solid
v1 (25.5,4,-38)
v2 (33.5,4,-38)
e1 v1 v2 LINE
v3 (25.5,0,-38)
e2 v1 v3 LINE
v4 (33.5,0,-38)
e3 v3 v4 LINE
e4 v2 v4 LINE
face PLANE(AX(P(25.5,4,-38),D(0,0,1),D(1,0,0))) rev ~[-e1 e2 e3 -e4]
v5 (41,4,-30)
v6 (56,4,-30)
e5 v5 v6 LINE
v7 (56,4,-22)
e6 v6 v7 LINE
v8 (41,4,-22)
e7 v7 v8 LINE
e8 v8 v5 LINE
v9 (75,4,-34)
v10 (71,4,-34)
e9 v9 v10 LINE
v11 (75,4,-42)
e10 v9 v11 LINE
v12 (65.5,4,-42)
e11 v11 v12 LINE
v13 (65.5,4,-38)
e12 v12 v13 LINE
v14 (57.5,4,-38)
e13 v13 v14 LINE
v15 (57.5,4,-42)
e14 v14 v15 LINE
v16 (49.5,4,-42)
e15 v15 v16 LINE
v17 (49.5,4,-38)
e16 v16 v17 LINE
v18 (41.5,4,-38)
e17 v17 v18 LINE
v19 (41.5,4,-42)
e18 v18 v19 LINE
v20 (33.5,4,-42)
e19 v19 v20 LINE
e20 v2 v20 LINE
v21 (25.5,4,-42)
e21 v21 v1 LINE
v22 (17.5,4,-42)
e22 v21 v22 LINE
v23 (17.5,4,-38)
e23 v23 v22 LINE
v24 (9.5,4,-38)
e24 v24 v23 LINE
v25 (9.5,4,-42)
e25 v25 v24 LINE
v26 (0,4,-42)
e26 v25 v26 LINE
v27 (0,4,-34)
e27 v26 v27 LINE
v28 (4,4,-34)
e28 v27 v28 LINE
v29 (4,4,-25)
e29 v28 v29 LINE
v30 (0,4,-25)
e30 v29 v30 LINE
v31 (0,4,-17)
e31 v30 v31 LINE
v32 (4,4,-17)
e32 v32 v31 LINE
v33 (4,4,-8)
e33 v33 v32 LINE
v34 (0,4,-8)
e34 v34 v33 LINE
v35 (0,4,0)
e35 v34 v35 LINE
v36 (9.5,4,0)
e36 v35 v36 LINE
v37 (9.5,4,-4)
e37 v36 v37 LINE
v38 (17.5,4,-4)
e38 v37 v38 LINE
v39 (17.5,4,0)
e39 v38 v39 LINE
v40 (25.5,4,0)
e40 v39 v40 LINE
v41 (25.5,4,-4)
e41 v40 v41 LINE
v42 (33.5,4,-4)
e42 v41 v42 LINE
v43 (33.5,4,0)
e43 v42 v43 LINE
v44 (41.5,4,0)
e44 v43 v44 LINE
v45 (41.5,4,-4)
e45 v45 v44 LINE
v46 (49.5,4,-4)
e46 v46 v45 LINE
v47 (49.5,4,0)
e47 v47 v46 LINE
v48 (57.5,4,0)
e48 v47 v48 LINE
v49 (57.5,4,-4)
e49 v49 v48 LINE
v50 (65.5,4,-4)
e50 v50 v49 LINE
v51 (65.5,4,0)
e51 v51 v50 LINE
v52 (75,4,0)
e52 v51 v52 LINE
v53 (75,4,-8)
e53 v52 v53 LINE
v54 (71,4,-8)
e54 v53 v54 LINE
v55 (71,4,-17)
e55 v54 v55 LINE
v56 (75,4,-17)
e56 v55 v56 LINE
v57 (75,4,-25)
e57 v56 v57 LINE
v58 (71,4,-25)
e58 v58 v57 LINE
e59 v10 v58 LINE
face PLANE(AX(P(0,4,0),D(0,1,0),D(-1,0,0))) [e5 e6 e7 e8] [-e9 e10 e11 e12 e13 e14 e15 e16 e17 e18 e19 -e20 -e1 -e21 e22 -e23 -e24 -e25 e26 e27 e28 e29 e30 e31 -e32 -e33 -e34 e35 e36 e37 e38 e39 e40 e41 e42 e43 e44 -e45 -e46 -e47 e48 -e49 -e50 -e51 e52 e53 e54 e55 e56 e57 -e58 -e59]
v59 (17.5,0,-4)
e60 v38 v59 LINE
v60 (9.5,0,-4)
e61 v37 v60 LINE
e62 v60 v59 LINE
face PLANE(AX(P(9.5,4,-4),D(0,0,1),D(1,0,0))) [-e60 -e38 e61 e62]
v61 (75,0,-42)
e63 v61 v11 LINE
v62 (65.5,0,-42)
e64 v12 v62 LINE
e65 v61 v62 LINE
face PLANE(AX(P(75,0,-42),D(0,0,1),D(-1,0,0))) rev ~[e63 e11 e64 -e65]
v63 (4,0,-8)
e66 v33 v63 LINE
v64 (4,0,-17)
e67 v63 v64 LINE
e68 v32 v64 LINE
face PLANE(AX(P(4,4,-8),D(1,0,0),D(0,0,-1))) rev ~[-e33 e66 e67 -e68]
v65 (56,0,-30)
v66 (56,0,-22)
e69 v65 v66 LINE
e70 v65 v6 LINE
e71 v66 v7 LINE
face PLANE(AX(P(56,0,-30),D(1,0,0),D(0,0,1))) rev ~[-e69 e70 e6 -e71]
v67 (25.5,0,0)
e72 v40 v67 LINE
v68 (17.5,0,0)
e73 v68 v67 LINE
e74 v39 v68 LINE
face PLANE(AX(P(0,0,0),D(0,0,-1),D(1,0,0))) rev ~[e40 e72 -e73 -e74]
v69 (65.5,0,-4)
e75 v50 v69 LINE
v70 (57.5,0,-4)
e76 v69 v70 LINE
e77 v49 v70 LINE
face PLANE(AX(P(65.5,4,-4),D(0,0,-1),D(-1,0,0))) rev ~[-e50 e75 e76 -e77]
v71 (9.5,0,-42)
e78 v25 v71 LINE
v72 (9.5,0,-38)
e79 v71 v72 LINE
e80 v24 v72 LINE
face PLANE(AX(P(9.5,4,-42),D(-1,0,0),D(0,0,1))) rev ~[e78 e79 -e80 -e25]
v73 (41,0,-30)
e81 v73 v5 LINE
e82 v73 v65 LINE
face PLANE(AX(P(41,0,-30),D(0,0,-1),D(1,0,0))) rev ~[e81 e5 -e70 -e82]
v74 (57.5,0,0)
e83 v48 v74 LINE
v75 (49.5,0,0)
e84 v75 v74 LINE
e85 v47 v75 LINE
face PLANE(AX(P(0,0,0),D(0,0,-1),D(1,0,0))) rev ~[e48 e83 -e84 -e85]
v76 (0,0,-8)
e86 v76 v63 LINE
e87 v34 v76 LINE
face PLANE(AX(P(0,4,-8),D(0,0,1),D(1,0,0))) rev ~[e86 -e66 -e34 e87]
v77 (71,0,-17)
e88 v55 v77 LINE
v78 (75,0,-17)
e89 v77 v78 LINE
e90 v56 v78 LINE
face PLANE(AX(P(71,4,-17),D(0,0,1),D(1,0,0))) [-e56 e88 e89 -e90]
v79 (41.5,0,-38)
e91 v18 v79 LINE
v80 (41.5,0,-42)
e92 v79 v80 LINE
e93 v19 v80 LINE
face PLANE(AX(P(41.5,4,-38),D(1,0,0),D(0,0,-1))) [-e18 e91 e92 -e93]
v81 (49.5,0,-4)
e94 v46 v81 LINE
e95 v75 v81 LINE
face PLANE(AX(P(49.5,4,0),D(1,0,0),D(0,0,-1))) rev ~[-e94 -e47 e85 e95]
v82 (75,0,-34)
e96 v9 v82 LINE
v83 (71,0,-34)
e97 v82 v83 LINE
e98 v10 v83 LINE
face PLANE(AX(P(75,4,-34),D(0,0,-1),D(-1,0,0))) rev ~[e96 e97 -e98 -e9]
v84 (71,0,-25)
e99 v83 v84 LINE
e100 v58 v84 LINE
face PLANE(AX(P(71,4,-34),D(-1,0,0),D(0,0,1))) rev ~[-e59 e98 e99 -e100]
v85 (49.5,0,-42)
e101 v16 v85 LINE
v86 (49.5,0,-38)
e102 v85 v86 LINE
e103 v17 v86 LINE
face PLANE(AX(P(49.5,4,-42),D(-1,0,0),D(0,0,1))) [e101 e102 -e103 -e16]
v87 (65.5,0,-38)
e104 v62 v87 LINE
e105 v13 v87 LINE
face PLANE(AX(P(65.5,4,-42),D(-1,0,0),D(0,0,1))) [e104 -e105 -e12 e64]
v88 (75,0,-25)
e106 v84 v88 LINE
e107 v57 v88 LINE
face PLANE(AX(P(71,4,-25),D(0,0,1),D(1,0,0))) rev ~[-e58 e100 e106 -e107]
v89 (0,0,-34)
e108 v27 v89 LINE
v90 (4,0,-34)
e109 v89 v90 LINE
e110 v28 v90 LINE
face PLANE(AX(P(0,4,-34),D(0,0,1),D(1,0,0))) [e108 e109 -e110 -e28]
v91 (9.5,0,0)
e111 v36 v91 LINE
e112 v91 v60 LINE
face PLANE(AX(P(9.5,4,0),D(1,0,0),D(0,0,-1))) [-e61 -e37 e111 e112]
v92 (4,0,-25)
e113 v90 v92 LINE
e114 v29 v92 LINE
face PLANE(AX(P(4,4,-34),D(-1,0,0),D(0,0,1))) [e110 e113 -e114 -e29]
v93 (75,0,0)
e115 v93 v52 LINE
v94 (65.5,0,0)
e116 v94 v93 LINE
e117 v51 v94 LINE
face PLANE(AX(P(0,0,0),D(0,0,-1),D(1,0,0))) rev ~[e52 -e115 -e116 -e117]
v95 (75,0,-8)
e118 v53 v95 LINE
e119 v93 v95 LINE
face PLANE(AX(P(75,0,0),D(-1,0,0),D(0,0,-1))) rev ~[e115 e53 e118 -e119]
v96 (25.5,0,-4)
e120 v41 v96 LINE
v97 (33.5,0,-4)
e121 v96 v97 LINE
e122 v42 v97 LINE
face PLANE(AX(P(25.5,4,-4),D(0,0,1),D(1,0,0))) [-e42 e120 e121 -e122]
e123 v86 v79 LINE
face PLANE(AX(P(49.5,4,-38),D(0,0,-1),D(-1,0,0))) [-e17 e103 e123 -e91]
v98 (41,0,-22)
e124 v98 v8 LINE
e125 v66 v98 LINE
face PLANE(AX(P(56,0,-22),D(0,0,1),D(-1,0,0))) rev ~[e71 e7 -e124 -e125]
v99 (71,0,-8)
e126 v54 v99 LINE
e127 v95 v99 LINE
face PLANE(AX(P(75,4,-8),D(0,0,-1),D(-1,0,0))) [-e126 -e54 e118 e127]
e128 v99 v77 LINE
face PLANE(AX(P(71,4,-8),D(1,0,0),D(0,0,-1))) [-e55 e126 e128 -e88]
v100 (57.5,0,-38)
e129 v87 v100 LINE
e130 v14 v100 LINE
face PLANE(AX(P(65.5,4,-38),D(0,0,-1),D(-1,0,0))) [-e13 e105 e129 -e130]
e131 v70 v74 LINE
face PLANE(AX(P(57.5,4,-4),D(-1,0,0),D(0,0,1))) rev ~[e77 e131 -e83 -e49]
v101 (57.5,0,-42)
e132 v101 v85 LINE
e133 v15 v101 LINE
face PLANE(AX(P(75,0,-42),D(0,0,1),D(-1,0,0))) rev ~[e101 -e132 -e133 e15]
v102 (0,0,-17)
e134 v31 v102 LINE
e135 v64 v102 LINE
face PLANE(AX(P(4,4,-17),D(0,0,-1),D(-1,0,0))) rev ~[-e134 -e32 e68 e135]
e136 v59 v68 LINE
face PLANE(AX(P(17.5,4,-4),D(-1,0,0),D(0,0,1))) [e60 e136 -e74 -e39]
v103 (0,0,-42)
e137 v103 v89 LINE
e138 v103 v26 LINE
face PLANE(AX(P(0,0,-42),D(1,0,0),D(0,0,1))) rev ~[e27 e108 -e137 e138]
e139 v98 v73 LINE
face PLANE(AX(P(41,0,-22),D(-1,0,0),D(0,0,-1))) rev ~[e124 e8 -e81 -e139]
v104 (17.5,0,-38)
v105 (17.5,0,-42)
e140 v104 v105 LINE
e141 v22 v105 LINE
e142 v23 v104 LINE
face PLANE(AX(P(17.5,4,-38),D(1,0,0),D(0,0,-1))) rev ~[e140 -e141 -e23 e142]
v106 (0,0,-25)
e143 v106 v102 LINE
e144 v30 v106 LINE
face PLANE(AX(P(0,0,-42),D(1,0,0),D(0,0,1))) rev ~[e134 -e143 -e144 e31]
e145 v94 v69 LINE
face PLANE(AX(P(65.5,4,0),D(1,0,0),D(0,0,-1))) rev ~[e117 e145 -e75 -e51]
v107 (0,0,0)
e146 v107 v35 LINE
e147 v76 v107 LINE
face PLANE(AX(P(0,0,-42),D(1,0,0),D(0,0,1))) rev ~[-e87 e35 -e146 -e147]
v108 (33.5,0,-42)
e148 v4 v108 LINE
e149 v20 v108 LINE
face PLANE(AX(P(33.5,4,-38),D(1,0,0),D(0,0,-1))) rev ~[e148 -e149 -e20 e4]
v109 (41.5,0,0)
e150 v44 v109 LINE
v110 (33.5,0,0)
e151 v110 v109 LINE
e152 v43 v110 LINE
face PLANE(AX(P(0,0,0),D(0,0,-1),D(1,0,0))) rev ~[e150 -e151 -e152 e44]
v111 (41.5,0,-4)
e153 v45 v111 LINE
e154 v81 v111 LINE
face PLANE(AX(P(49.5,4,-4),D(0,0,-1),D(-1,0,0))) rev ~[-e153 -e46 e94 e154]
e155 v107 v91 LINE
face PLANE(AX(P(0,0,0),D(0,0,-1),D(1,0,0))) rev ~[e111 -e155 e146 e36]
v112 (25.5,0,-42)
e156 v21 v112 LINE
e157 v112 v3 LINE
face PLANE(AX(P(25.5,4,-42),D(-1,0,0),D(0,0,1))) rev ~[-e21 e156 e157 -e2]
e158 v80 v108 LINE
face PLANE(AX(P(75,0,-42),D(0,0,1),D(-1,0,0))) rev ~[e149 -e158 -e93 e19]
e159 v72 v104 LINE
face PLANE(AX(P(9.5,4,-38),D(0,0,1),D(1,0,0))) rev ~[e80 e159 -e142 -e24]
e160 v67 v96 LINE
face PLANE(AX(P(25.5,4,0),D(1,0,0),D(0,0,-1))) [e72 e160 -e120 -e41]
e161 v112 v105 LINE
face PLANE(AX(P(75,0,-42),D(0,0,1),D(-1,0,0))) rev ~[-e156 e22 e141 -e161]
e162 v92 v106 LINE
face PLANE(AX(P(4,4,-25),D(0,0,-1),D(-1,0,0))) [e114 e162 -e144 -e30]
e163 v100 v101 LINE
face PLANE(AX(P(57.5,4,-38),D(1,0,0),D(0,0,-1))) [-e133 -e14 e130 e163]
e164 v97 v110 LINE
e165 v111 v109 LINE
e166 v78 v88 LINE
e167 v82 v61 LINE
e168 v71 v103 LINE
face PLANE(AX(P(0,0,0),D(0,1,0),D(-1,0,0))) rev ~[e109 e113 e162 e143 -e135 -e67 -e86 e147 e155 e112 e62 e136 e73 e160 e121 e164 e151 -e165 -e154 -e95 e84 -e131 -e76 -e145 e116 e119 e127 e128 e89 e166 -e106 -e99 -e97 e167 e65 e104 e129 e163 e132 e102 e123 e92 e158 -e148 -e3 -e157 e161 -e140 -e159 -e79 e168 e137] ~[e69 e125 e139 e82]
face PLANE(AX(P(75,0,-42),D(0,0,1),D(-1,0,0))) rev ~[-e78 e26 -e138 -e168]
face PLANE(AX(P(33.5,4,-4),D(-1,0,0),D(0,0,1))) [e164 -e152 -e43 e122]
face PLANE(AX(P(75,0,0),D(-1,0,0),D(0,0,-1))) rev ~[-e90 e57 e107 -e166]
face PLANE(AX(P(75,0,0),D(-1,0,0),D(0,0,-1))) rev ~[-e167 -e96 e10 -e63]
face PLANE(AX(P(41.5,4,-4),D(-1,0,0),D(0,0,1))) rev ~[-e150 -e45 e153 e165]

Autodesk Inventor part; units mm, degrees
ref_plane "YZ Plane" through (0, 0, 0) normal (1, 0, 0) x (0, 1, 0)
ref_plane "XZ Plane" through (0, 0, 0) normal (0, 1, 0) x (-1, 0, 0)
ref_plane "XY Plane" through (0, 0, 0) normal (0, 0, 1) x (1, 0, 0)
sketch "Sketch1" plane through (0, 0, 0) normal (0, 1, 0) x (-1, 0, 0)
  line L0 (0, 0) -> (-75, 0)
  line L1 (-75, 0) -> (-75, -42)
  line L2 (-75, -42) -> (0, -42)
  line L3 (0, -42) -> (0, 0)
  line L4 (-41, -30) -> (-56, -30)
  line L5 (-56, -30) -> (-56, -22)
  line L6 (-56, -22) -> (-41, -22)
  line L7 (-41, -22) -> (-41, -30)
  dimension "d0" = 75
  dimension "d1" = 42
  dimension "d21" = 15
  dimension "d22" = 19
  dimension "d23" = 8
  dimension "d24" = 22
extrude "Extrusion1" add sketch "Sketch1" along normal blind 4
sketch "Sketch2" plane through (0, 4, 0) normal (0, 1, 0) x (1, 0, 0)
  line L0 (0, 42) -> (0, 0) construction
  line L1 (75, 42) -> (0, 42) construction
  line L2 (75, 0) -> (75, 42) construction
  line L3 (0, 0) -> (75, 0) construction
  line L4 (4, 38) -> (4, 4) construction
  line L5 (4, 4) -> (71, 4) construction
  line L6 (71, 4) -> (71, 38) construction
  line L7 (71, 38) -> (4, 38) construction
  line L8 (0, 42) -> (0, 0) construction
  line L9 (0, 21) -> (75, 21) construction
  line L10 (37.5, 42) -> (37.5, 0) construction
  line L11 (0, 34) -> (4, 34)
  line L12 (4, 34) -> (4, 25)
  line L13 (4, 25) -> (0, 25)
  line L14 (0, 25) -> (0, 34)
  line L15 (75, 42) -> (0, 42) projected
  line L16 (9.5, 38) -> (17.5, 38)
  line L17 (17.5, 38) -> (17.5, 42)
  line L18 (17.5, 42) -> (9.5, 42)
  line L19 (9.5, 42) -> (9.5, 38)
  line L20 (25.5, 38) -> (33.5, 38)
  line L21 (33.5, 38) -> (33.5, 42)
  line L22 (33.5, 42) -> (25.5, 42)
  line L23 (25.5, 42) -> (25.5, 38)
  line L24 (75, 34) -> (71, 34)
  line L25 (71, 34) -> (71, 25)
  line L26 (71, 25) -> (75, 25)
  line L27 (75, 25) -> (75, 34)
  line L28 (65.5, 38) -> (57.5, 38)
  line L29 (57.5, 38) -> (57.5, 42)
  line L30 (57.5, 42) -> (65.5, 42)
  line L31 (65.5, 42) -> (65.5, 38)
  line L32 (49.5, 38) -> (41.5, 38)
  line L33 (41.5, 38) -> (41.5, 42)
  line L34 (41.5, 42) -> (49.5, 42)
  line L35 (49.5, 42) -> (49.5, 38)
  line L36 (75, 0) -> (0, 0) construction
  line L37 (71, 4) -> (4, 4) construction
  line L38 (0, 8) -> (4, 8)
  line L39 (4, 8) -> (4, 17)
  line L40 (4, 17) -> (0, 17)
  line L41 (0, 17) -> (0, 8)
  line L42 (75, 0) -> (0, 0)
  line L43 (9.5, 4) -> (17.5, 4)
  line L44 (17.5, 4) -> (17.5, 0)
  line L45 (17.5, 0) -> (9.5, 0)
  line L46 (9.5, 0) -> (9.5, 4)
  line L47 (25.5, 4) -> (33.5, 4)
  line L48 (33.5, 4) -> (33.5, 0)
  line L49 (33.5, 0) -> (25.5, 0)
  line L50 (25.5, 0) -> (25.5, 4)
  line L51 (49.5, 4) -> (41.5, 4)
  line L52 (49.5, 0) -> (49.5, 4)
  line L53 (41.5, 0) -> (49.5, 0)
  line L54 (41.5, 4) -> (41.5, 0)
  line L55 (57.5, 4) -> (57.5, 0)
  line L56 (65.5, 4) -> (57.5, 4)
  line L57 (57.5, 0) -> (65.5, 0)
  line L58 (71, 8) -> (71, 17)
  line L59 (71, 17) -> (75, 17)
  line L60 (75, 17) -> (75, 8)
  line L61 (75, 8) -> (71, 8)
  line L62 (65.5, 0) -> (65.5, 4)
  dimension "d12" = 4
  dimension "d13" = 4
  dimension "d14" = 8
  dimension "d15" = 8
  dimension "d16" = 8
  dimension "d17" = 8
  dimension "d18" = 4
extrude "Extrusion2" cut sketch "Sketch2" against normal up to surface (4 mm away)
properties part number "left" material "PBT Plastic Black"
